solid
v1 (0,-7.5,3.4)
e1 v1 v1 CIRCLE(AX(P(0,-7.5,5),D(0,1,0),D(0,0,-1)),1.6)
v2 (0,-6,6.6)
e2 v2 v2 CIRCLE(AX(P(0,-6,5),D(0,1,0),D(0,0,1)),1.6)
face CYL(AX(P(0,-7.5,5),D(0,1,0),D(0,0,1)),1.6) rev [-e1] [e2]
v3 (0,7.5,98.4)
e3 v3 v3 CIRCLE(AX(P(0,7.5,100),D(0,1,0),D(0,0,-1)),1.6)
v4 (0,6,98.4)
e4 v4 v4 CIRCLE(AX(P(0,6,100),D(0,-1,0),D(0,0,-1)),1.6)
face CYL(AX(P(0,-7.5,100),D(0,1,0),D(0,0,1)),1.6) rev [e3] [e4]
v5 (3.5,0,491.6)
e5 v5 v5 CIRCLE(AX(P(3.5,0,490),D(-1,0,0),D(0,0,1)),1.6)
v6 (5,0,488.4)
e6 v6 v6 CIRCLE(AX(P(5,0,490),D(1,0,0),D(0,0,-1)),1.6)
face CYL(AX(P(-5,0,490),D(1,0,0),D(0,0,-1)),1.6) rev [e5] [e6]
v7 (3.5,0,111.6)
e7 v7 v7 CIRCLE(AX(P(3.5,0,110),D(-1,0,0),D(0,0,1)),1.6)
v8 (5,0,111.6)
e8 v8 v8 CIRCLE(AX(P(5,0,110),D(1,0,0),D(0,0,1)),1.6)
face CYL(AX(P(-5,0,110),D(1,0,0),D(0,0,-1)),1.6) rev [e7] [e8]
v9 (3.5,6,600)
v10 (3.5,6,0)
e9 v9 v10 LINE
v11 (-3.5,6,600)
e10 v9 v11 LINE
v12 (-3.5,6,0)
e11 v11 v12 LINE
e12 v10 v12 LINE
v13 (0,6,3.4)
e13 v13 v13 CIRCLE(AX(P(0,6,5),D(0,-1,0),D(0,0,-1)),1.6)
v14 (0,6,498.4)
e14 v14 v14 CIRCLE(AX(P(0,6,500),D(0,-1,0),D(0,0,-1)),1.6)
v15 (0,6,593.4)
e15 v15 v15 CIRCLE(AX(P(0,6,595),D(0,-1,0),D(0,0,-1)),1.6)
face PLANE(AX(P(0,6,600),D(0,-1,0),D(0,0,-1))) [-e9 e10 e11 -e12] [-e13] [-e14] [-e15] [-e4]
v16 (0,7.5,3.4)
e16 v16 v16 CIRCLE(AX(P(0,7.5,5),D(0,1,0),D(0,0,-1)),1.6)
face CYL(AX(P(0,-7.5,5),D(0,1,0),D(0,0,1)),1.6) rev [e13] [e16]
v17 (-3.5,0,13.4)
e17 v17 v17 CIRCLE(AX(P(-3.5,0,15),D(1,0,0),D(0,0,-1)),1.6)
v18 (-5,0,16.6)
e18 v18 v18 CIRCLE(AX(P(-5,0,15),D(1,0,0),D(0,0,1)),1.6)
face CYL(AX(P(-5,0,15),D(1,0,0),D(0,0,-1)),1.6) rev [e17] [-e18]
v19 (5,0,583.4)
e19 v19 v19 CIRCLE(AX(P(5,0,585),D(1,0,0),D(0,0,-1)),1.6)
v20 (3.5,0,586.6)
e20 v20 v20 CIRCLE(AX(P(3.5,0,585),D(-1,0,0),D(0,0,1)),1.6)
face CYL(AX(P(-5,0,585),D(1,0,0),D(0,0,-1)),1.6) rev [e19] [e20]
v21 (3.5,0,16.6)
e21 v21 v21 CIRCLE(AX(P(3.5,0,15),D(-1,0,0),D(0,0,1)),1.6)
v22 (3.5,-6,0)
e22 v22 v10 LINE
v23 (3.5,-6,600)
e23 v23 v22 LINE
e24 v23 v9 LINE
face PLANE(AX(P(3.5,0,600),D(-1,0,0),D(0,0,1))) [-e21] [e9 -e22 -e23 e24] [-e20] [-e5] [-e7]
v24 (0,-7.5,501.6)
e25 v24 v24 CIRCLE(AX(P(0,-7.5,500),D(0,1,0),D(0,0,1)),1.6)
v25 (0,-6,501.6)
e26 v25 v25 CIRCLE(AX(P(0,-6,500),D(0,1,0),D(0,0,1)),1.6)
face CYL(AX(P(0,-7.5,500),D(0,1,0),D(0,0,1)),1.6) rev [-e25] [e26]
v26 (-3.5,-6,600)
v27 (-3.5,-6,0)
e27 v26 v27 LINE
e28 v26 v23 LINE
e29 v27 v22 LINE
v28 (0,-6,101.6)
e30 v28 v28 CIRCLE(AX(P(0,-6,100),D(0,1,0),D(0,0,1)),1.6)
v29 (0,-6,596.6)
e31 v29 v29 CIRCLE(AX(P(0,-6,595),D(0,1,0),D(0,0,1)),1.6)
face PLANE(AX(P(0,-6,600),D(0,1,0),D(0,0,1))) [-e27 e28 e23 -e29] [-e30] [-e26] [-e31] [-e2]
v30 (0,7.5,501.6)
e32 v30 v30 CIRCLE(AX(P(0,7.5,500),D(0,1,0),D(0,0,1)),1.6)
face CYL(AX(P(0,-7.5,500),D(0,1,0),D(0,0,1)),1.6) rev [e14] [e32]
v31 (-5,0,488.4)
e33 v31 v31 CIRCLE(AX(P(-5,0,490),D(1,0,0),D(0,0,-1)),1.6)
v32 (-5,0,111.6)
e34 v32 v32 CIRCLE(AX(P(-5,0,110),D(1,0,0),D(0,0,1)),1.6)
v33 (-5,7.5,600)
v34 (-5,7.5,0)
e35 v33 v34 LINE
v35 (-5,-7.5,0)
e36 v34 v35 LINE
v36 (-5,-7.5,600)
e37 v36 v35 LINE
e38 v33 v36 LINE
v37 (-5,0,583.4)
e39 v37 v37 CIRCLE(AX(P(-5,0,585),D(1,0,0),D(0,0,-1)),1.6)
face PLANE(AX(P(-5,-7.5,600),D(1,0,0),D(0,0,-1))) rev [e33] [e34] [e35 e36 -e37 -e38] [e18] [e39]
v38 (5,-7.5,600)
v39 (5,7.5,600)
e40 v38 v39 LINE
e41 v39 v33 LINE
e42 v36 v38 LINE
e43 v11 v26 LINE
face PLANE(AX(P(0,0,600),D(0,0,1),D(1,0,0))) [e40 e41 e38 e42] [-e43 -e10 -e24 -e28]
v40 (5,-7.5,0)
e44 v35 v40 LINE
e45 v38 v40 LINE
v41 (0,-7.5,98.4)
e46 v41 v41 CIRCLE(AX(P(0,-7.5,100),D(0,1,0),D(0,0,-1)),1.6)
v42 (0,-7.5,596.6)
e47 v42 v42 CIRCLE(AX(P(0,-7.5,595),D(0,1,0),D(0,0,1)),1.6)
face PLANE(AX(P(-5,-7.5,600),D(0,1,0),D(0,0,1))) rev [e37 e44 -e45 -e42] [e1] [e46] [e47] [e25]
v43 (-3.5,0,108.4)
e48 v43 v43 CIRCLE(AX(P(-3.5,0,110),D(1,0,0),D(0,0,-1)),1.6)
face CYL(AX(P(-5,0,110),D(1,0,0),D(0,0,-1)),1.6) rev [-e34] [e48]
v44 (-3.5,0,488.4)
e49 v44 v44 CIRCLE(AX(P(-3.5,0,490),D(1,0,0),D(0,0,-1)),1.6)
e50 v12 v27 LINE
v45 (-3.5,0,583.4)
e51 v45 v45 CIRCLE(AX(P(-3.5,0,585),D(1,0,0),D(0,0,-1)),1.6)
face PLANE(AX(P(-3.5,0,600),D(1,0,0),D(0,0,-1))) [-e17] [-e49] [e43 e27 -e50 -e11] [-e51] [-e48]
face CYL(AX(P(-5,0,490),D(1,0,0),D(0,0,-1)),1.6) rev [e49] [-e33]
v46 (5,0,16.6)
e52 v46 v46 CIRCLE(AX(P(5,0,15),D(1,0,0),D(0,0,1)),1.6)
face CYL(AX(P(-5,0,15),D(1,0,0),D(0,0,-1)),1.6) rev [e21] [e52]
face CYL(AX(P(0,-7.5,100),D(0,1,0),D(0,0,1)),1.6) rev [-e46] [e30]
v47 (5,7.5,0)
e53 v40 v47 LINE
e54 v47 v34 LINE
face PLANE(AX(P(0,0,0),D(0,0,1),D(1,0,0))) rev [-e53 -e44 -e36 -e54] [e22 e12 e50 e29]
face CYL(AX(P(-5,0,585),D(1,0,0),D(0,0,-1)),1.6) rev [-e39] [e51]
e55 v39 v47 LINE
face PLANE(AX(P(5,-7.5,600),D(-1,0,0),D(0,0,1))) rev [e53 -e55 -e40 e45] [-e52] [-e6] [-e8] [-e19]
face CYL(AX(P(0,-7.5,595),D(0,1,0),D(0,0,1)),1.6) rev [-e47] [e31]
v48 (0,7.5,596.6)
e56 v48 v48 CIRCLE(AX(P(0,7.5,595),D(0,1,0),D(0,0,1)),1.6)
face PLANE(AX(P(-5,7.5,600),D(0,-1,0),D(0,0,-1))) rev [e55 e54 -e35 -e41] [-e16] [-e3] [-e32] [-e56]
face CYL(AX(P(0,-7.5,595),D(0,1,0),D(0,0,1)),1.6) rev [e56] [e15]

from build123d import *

# Parameters (mm, degrees)
SKETCH_1_W          = 10
SKETCH_1_H          = 15
SKETCH_1_W_2        = 7
SKETCH_1_H_2        = 12
EXTRUDE_1_DEPTH     = 600
SKETCH_2_R          = 1.6
CUT_EXTRUDE_1_DEPTH = 601.208297177
SKETCH_3_R          = 1.6
CUT_EXTRUDE_2_DEPTH = 601.130194208


with BuildPart() as part:
    # ｽｹｯﾁ1 → 押し出し-薄板1 (new body)
    with BuildSketch(Plane.XY):
        Rectangle(SKETCH_1_W, SKETCH_1_H)
        Rectangle(SKETCH_1_W_2, SKETCH_1_H_2, mode=Mode.SUBTRACT)
    extrude(amount=EXTRUDE_1_DEPTH)

    # ｽｹｯﾁ2 → ｶｯﾄ - 押し出し1 (cut, through all)
    with BuildSketch(Plane(origin=(0, 7.5, 0), x_dir=(1, 0, 0), z_dir=(0, 1, 0))):
        with Locations(Location((0, -595, 0), (0, 0, 270))):
            Circle(SKETCH_2_R)
        with Locations(Location((0, -5, 0), (0, 0, 270))):
            Circle(SKETCH_2_R)
        with Locations(Location((0, -500, 0), (0, 0, 270))):
            Circle(SKETCH_2_R)
        with Locations(Location((0, -100, 0), (0, 0, 270))):
            Circle(SKETCH_2_R)
    extrude(amount=-CUT_EXTRUDE_1_DEPTH, mode=Mode.SUBTRACT)

    # ｽｹｯﾁ3 → ｶｯﾄ - 押し出し2 (cut, through all)
    with BuildSketch(Plane(origin=(5, 0, 0), x_dir=(0, 0, -1), z_dir=(1, 0, 0))):
        with Locations((-585, 0)):
            Circle(SKETCH_3_R)
        with Locations((-15, 0)):
            Circle(SKETCH_3_R)
        with Locations((-490, 0)):
            Circle(SKETCH_3_R)
        with Locations((-110, 0)):
            Circle(SKETCH_3_R)
    extrude(amount=-CUT_EXTRUDE_2_DEPTH, mode=Mode.SUBTRACT)


solid = part.part
